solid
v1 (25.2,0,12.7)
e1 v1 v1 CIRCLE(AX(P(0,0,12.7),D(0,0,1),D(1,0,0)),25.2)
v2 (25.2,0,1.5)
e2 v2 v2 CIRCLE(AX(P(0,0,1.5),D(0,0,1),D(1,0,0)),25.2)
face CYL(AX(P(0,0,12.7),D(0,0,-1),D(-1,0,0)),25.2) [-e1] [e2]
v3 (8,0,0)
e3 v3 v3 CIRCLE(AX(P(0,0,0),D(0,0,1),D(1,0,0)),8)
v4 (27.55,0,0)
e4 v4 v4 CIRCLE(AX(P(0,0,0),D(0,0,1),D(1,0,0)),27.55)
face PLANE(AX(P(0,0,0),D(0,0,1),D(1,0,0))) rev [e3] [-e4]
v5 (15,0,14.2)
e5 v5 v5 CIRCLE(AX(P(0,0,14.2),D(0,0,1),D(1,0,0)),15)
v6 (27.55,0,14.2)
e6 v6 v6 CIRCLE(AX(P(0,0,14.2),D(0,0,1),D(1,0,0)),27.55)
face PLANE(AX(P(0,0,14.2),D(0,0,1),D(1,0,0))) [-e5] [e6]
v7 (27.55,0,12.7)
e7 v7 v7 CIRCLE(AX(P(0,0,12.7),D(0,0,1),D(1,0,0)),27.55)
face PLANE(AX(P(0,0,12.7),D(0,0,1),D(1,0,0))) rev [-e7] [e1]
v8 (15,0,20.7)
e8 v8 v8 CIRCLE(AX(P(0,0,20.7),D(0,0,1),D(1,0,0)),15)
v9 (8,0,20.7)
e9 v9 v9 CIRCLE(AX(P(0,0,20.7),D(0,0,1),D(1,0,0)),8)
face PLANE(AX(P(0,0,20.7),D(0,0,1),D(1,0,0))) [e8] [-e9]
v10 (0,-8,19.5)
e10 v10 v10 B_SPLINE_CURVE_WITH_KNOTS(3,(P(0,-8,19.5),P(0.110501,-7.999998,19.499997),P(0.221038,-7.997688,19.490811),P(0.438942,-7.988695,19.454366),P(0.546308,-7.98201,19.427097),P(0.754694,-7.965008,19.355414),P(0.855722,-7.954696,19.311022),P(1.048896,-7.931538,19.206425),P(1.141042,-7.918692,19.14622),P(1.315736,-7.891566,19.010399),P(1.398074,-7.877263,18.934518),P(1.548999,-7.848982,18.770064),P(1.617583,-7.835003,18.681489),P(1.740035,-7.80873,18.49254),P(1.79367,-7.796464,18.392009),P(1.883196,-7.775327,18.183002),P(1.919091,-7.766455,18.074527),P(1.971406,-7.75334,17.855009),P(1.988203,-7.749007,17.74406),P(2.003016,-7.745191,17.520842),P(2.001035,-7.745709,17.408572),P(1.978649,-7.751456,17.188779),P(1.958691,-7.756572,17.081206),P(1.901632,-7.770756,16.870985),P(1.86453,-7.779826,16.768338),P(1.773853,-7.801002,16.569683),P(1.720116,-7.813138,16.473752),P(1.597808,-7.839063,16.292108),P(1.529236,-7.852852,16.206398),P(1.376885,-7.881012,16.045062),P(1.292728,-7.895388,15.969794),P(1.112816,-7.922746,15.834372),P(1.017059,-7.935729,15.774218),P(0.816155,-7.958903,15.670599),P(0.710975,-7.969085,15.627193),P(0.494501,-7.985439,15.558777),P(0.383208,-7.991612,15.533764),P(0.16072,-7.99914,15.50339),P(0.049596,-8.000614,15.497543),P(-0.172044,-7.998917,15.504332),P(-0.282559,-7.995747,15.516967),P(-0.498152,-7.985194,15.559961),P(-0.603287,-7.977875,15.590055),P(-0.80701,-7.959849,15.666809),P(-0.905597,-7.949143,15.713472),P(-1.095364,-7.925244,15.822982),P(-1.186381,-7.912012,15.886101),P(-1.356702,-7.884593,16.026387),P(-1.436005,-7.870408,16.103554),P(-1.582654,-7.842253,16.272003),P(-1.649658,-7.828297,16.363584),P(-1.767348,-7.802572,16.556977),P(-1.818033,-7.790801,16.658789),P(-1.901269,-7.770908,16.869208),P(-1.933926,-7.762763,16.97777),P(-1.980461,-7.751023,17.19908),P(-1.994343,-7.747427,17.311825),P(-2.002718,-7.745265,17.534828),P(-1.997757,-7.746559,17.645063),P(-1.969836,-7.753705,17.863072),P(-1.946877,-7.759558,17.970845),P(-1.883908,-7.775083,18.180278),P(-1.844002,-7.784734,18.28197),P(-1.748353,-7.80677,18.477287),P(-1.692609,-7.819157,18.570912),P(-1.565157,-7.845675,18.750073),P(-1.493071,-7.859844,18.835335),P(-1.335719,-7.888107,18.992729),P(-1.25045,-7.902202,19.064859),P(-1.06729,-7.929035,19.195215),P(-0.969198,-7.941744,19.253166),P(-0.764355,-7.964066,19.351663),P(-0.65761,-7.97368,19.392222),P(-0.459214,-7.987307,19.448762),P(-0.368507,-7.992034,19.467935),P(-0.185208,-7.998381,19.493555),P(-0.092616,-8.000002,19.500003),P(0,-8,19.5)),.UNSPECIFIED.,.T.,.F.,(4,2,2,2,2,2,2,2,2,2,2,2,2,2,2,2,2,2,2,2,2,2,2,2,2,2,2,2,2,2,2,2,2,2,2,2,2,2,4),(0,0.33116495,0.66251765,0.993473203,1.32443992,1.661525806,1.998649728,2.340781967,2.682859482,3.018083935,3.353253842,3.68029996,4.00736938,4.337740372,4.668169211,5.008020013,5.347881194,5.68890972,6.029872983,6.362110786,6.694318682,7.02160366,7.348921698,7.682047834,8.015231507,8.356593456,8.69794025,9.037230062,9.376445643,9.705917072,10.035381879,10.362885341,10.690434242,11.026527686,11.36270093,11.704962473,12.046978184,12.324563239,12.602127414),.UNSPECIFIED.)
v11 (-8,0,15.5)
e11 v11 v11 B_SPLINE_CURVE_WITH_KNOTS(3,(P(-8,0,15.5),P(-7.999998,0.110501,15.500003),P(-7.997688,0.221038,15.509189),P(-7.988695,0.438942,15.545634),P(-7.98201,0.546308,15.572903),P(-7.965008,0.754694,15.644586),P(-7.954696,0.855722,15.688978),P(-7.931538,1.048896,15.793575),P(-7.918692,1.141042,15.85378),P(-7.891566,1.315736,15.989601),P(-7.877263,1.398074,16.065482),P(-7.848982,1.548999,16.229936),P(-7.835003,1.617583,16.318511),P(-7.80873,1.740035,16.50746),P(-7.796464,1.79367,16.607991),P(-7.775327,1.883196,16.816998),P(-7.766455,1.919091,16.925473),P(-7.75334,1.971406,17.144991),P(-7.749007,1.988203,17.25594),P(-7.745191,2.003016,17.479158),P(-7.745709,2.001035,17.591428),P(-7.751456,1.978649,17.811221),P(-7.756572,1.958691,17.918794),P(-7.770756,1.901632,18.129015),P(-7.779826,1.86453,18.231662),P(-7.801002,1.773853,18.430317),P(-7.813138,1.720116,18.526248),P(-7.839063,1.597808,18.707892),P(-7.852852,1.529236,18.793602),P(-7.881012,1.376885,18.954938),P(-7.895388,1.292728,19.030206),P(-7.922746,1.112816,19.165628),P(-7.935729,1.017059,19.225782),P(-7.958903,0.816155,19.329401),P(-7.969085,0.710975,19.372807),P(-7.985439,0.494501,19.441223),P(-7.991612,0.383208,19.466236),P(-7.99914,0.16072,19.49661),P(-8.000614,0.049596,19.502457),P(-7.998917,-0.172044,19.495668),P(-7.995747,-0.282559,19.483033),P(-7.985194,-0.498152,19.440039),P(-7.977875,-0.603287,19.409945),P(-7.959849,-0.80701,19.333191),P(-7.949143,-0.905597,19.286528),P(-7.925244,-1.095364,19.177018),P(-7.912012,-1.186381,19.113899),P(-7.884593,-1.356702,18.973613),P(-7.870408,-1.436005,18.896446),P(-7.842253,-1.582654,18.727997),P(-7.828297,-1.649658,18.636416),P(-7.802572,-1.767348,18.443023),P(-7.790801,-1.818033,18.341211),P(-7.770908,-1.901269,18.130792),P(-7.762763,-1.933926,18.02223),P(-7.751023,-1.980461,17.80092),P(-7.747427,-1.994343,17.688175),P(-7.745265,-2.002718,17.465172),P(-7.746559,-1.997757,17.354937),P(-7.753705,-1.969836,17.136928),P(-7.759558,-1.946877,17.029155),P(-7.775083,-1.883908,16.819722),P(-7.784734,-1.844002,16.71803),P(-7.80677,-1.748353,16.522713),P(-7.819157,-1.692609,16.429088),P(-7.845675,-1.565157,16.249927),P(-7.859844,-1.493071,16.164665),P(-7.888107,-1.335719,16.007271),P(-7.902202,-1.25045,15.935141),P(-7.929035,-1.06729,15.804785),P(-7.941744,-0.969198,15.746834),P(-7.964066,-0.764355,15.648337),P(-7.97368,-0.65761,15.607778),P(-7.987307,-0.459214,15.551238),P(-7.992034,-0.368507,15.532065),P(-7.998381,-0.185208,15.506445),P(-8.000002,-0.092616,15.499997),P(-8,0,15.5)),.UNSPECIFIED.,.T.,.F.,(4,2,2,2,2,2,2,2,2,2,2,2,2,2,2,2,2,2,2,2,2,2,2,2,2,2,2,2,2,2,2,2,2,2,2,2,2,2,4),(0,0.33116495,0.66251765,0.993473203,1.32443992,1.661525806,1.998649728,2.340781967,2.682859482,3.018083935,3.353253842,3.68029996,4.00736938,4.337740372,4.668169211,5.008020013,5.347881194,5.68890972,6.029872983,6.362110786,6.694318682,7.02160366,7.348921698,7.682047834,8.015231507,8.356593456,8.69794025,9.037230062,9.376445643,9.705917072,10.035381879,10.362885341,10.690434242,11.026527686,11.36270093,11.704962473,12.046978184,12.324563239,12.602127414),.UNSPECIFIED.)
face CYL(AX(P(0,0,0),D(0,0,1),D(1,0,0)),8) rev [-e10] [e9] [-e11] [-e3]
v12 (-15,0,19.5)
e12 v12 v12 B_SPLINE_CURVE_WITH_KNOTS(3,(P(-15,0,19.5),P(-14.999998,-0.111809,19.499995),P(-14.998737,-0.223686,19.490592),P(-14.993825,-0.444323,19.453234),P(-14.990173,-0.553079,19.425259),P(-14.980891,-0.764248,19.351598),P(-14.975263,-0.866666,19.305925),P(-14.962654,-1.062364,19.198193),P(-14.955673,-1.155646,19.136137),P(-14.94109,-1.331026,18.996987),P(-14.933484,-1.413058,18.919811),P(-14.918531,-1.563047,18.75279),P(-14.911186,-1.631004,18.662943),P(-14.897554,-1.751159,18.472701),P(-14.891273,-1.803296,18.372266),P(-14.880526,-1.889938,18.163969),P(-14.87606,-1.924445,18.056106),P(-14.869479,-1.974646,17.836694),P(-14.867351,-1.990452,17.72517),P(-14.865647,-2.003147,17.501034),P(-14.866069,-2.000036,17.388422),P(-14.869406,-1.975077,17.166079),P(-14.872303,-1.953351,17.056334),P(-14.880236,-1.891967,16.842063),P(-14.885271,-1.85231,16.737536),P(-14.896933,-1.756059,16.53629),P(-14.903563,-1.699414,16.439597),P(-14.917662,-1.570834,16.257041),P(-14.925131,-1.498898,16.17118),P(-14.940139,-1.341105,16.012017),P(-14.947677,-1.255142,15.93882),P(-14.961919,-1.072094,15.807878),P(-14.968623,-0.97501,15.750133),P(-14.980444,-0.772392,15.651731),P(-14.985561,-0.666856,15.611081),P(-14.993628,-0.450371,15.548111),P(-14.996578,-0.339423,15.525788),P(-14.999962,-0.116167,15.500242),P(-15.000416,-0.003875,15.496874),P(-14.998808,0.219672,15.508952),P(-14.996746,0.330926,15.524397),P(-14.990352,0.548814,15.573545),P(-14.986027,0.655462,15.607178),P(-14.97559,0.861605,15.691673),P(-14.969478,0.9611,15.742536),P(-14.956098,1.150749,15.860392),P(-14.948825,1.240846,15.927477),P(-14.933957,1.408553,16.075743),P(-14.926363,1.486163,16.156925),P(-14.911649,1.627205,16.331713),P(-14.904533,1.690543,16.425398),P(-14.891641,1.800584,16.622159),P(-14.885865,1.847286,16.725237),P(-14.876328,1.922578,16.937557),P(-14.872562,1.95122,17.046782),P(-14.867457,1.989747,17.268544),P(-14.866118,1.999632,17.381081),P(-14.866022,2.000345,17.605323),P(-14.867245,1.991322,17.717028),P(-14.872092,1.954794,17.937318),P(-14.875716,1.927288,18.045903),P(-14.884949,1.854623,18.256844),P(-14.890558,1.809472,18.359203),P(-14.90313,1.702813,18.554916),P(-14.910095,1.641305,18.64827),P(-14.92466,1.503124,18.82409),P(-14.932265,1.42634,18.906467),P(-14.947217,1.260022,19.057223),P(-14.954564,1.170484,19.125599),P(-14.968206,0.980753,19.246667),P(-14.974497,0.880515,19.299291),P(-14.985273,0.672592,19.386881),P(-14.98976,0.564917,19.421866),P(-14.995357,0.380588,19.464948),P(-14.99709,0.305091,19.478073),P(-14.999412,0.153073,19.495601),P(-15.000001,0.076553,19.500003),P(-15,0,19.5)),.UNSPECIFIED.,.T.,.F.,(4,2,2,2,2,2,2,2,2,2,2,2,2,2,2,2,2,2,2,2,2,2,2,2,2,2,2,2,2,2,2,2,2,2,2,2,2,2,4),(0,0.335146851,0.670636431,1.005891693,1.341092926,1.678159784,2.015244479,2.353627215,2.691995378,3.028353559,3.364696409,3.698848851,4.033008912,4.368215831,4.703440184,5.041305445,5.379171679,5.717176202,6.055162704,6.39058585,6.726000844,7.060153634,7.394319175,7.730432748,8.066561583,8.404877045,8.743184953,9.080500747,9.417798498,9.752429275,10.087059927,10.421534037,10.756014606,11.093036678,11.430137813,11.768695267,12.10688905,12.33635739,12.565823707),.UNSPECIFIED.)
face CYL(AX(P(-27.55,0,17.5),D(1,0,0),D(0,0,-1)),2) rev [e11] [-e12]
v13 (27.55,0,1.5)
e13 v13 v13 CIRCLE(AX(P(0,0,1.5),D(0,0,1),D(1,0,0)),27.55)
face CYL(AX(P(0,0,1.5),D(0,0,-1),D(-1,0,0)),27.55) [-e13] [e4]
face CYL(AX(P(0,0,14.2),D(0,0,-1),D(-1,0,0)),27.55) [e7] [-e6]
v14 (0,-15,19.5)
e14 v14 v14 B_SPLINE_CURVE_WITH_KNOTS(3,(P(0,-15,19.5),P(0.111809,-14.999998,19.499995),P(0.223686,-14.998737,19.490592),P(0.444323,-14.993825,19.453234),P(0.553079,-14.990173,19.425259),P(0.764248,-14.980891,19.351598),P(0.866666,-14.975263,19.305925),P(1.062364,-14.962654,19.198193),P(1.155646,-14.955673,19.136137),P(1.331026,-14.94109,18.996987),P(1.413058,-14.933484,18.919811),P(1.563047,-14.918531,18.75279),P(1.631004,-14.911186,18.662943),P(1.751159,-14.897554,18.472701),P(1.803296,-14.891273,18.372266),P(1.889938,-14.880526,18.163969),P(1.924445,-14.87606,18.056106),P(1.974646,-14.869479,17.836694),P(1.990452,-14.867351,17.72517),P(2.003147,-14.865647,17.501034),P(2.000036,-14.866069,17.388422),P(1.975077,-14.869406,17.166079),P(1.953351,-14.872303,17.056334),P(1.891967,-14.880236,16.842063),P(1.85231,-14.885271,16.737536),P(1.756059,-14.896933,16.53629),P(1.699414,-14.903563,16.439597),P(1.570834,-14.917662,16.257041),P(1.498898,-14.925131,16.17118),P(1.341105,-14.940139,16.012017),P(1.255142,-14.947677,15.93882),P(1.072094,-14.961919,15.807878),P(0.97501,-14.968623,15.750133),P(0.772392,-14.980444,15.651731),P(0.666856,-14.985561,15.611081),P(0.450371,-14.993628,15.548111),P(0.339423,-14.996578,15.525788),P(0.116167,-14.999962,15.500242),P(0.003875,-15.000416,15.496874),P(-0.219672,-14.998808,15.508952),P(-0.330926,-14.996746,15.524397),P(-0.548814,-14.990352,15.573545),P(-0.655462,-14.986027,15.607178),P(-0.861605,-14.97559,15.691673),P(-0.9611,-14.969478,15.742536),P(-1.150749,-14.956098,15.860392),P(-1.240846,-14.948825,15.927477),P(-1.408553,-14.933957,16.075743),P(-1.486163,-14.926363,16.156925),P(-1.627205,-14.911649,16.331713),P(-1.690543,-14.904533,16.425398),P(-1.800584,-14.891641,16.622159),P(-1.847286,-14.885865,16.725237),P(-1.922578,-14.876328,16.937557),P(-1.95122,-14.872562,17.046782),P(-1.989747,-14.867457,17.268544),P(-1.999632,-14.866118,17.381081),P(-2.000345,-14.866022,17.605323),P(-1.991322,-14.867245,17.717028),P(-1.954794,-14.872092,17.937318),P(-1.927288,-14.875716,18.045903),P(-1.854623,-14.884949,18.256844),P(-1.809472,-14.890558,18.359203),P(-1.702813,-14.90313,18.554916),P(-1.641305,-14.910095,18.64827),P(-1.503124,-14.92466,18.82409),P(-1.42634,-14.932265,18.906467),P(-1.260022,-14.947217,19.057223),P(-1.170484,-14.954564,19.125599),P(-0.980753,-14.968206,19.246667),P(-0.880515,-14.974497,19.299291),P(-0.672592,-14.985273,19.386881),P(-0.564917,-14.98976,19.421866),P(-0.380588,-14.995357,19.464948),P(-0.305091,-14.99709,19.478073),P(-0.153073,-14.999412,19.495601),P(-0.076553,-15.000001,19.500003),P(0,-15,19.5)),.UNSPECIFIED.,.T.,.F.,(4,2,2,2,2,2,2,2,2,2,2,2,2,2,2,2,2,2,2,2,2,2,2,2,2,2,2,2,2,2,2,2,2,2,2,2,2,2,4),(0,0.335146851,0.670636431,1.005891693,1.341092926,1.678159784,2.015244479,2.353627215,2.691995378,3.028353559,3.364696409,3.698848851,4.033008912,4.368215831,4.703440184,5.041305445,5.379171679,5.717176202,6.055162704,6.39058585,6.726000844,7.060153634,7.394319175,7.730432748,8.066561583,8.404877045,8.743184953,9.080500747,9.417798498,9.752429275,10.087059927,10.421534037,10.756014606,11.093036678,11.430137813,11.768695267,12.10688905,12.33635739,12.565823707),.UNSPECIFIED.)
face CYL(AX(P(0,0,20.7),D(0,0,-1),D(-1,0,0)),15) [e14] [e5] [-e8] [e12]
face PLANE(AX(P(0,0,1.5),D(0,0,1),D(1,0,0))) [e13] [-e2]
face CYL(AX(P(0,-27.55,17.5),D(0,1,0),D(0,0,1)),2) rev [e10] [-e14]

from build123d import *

# Parameters (mm, degrees)
CROQUIS1_R              = 27.55
SALIENTE_EXTRUIR1_DEPTH = 1.5
CROQUIS2_R              = 25.2
SALIENTE_EXTRUIR2_DEPTH = 11.2
CROQUIS3_R              = 27.55
SALIENTE_EXTRUIR3_DEPTH = 1.5
CROQUIS8_R              = 15
SALIENTE_EXTRUIR5_DEPTH = 6.5
CROQUIS6_R              = 2
CORTAR_EXTRUIR3_DEPTH   = 45.119100172
CROQUIS5_R              = 2
CORTAR_EXTRUIR2_DEPTH   = 45.119100219
CROQUIS4_R              = 8
CORTAR_EXTRUIR1_DEPTH   = 45.119100172


with BuildPart() as part:
    # Croquis1 → Saliente-Extruir1 (new body)
    with BuildSketch(Plane.XY):
        Circle(CROQUIS1_R)
    extrude(amount=SALIENTE_EXTRUIR1_DEPTH)

    # Croquis2 → Saliente-Extruir2 (add)
    with BuildSketch(Plane.XY.offset(1.5)):
        Circle(CROQUIS2_R)
    extrude(amount=SALIENTE_EXTRUIR2_DEPTH)

    # Croquis3 → Saliente-Extruir3 (add)
    with BuildSketch(Plane.XY.offset(12.7)):
        Circle(CROQUIS3_R)
    extrude(amount=SALIENTE_EXTRUIR3_DEPTH)

    # Croquis8 → Saliente-Extruir5 (add)
    with BuildSketch(Plane.XY.offset(14.2)):
        with Locations(Location((0, 0, 0), (0, 0, 180))):
            Circle(CROQUIS8_R)
    extrude(amount=SALIENTE_EXTRUIR5_DEPTH)

    # Croquis6 → Cortar-Extruir3 (cut, through all)
    with BuildSketch(Plane(origin=(0, 0, 0), x_dir=(1, 0, 0), z_dir=(0, 1, 0))):
        with Locations(Location((0, -17.5, 0), (0, 0, 270))):
            Circle(CROQUIS6_R)
    extrude(amount=-CORTAR_EXTRUIR3_DEPTH, mode=Mode.SUBTRACT)

    # Croquis5 → Cortar-Extruir2 (cut, through all)
    with BuildSketch(Plane(origin=(0, 0, 0), x_dir=(0, 0, -1), z_dir=(1, 0, 0))):
        with Locations(Location((-17.5, 0, 0), (0, 0, 180))):
            Circle(CROQUIS5_R)
    extrude(amount=-CORTAR_EXTRUIR2_DEPTH, mode=Mode.SUBTRACT)

    # Croquis4 → Cortar-Extruir1 (cut, through all)
    with BuildSketch(Plane.XY.offset(20.7)):
        Circle(CROQUIS4_R)
    extrude(amount=-CORTAR_EXTRUIR1_DEPTH, mode=Mode.SUBTRACT)


solid = part.part
